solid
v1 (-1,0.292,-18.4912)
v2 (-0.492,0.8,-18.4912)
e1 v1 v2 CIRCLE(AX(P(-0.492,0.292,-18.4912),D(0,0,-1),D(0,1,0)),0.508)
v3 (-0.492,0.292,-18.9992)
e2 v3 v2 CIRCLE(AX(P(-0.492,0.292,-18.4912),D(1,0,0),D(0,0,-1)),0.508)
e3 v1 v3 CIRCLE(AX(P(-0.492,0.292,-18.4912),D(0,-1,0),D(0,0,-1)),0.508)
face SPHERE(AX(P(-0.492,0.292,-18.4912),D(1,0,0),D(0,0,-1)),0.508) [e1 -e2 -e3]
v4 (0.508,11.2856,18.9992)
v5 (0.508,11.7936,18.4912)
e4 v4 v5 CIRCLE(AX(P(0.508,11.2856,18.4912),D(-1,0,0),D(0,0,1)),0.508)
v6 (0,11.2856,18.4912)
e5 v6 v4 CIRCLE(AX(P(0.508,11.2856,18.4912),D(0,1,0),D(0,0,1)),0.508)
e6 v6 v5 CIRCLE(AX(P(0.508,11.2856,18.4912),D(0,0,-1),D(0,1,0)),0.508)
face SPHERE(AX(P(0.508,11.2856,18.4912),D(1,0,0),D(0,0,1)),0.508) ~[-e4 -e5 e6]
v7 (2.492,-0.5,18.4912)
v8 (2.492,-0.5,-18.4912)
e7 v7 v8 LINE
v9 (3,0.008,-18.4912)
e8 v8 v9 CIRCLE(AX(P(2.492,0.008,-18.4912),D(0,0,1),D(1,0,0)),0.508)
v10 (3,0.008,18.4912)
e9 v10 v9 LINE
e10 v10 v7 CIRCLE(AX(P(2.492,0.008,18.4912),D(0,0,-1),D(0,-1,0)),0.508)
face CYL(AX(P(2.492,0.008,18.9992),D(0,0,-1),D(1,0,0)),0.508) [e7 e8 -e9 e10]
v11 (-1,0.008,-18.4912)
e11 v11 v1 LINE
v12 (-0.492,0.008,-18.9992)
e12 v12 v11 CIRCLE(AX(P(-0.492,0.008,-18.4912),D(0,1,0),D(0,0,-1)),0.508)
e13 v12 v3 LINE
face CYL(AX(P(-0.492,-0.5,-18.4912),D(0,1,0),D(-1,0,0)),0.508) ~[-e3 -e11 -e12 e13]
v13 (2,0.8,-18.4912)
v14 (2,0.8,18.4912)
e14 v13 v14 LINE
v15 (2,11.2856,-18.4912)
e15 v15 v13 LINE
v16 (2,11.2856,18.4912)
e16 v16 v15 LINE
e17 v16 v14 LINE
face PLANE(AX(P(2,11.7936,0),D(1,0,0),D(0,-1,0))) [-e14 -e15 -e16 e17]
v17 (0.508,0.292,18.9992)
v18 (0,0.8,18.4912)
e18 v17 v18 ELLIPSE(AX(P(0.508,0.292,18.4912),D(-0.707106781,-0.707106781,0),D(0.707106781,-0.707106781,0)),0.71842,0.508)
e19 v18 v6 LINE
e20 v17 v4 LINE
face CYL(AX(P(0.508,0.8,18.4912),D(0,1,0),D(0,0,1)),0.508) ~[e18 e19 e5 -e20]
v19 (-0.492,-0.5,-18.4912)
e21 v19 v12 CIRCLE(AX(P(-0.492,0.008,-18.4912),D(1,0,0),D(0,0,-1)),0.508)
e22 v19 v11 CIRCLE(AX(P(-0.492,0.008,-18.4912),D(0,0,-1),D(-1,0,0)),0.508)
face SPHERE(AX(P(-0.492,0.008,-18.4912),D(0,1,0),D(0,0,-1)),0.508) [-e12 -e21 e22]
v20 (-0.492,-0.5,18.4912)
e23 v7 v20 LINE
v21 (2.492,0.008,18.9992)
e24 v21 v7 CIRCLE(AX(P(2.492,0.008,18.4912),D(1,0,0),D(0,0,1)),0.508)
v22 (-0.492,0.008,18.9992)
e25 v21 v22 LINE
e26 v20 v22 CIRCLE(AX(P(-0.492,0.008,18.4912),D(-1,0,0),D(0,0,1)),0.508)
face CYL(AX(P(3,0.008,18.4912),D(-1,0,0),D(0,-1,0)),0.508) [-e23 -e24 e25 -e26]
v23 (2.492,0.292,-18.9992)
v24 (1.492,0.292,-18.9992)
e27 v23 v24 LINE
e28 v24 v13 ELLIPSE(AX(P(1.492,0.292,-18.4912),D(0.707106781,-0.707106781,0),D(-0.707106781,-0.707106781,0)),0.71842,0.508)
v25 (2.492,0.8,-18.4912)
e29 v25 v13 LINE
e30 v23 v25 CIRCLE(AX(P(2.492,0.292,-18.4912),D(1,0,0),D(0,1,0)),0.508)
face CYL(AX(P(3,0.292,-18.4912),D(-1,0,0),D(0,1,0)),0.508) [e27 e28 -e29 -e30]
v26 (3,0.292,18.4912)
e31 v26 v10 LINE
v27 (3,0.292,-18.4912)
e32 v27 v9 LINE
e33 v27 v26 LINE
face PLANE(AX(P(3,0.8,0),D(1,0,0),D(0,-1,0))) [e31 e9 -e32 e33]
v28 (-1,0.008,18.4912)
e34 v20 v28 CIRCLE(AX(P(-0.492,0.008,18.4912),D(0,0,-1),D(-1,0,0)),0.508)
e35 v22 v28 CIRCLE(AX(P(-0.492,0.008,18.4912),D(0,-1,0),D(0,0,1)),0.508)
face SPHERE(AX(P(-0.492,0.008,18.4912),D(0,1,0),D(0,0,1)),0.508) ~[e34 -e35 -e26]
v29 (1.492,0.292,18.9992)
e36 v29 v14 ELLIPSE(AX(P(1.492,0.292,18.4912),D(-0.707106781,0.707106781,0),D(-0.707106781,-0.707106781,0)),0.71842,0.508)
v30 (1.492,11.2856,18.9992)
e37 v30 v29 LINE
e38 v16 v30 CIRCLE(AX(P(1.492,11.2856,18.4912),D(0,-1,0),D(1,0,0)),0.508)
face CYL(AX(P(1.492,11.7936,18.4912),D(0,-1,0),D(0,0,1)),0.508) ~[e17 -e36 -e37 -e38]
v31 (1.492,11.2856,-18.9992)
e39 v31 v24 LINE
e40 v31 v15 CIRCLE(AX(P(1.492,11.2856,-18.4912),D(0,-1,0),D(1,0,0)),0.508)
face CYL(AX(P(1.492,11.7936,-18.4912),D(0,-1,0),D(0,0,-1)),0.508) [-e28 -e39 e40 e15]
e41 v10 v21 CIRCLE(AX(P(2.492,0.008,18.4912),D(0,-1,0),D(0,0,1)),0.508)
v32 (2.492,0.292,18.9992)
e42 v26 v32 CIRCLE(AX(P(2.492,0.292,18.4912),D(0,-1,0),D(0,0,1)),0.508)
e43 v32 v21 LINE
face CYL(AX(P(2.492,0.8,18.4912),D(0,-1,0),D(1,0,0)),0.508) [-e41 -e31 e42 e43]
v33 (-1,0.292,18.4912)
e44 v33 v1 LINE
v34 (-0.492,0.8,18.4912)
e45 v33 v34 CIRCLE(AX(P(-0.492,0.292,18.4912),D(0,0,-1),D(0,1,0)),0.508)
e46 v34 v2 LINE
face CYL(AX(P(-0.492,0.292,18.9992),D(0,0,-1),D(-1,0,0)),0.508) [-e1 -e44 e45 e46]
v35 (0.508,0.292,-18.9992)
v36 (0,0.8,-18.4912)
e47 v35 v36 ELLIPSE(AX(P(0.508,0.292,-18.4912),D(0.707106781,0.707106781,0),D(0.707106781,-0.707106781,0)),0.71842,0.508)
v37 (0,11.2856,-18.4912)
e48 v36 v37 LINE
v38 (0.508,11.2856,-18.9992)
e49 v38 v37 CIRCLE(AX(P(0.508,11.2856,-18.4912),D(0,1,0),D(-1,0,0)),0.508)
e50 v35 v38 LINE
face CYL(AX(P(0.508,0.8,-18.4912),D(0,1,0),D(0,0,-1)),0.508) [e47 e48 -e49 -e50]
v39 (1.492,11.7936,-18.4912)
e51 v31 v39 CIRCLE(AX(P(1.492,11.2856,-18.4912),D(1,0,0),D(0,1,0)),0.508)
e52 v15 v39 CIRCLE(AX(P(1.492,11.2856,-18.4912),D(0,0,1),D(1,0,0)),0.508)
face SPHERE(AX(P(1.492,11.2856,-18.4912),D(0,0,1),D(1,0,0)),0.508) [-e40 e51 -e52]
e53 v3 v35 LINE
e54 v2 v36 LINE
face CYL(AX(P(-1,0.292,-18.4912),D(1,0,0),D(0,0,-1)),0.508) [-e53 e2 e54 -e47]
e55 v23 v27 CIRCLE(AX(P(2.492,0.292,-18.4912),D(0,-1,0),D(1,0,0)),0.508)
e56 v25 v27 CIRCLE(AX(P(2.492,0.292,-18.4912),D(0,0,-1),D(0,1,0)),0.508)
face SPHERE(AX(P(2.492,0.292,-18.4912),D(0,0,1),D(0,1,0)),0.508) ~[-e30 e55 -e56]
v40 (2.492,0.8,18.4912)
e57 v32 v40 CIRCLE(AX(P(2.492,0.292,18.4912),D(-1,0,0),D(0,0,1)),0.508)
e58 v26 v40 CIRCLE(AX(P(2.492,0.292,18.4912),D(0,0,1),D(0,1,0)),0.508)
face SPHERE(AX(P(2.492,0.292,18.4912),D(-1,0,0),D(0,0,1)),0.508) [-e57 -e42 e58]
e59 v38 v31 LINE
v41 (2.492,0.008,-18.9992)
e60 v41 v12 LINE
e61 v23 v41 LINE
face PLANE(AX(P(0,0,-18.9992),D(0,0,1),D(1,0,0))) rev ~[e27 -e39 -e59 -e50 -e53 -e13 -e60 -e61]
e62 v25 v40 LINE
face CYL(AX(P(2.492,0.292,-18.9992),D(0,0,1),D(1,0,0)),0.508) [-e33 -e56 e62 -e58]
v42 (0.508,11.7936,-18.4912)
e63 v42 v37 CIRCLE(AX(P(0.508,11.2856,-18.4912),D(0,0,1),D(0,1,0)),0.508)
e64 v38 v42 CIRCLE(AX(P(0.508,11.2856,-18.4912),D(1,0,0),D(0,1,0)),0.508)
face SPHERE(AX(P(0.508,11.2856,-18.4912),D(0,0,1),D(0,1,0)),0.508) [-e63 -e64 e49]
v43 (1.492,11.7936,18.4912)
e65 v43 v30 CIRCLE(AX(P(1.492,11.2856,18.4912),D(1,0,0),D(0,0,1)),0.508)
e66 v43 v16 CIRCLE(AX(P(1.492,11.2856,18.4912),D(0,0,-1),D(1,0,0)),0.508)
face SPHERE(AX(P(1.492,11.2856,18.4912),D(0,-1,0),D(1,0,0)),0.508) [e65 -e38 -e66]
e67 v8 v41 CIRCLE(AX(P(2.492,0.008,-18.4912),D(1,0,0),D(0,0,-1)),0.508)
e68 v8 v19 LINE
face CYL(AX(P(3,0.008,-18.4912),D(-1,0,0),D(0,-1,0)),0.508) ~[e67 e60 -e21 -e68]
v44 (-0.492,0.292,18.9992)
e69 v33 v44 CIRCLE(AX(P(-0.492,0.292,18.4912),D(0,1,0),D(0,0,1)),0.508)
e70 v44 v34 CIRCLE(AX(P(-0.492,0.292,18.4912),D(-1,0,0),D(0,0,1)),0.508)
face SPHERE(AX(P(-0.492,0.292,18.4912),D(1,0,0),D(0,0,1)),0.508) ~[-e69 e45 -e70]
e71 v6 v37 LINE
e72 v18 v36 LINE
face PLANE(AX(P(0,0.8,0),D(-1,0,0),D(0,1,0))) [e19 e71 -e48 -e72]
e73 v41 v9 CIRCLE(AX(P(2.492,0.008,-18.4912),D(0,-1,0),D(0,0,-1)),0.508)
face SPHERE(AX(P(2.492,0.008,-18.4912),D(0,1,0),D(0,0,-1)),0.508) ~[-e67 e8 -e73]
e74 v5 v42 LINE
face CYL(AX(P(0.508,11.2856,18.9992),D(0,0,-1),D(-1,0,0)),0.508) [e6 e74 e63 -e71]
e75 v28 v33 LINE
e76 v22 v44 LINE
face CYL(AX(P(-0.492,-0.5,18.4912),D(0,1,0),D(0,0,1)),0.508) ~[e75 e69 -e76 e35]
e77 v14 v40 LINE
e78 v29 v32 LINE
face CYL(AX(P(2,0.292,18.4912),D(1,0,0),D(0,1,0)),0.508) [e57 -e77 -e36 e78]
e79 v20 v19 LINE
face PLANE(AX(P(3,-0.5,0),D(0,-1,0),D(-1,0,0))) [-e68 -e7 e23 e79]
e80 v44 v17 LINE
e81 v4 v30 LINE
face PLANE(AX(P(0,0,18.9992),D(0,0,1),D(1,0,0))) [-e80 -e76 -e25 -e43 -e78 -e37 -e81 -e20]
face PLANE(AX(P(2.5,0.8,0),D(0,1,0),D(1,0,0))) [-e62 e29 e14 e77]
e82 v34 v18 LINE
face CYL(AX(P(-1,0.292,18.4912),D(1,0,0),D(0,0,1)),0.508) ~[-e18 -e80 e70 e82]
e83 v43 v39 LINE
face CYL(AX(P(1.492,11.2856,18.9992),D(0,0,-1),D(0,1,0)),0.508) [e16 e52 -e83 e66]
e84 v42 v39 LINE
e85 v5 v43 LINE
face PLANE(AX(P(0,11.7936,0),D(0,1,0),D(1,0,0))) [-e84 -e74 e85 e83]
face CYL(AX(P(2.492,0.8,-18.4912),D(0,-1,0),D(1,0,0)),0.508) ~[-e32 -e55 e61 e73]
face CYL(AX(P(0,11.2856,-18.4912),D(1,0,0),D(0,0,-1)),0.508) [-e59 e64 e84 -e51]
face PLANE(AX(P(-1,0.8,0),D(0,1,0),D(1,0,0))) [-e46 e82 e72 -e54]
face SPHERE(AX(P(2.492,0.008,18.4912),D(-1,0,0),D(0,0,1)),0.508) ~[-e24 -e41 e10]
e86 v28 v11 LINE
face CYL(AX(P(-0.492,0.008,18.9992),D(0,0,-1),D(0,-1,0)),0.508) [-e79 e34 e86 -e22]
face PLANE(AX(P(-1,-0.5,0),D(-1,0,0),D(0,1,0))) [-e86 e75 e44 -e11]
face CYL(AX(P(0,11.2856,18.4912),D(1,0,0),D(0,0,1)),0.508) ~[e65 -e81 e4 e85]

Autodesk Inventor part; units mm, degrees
ref_plane "YZ Plane" through (0, 0, 0) normal (1, 0, 0) x (0, 1, 0)
ref_plane "XZ Plane" through (0, 0, 0) normal (0, 1, 0) x (-1, 0, 0)
ref_plane "XY Plane" through (0, 0, 0) normal (0, 0, 1) x (1, 0, 0)
sketch "Sketch1" plane through (0, 0, 0) normal (0, 0, 1) x (1, 0, 0)
  line L0 (3, 0.8) -> (3, -0.5)
  line L1 (3, -0.5) -> (-1, -0.5)
  line L2 (-1, -0.5) -> (-1, 0.8)
  line L3 (0, 0.8) -> (0, 11.7936)
  line L4 (0, 11.7936) -> (2, 11.7936)
  line L5 (2, 11.7936) -> (2, 0.8)
  line L6 (-1, 0.8) -> (0, 0.8)
  line L7 (2, 0.8) -> (3, 0.8)
  line L8 (-1, 0.8) -> (0, 0.8)
  line L9 (2, 0.8) -> (2.5, 0.8)
  point P0 (0, 0)
  point P1 (1, -0.5)
  point P2 (1, -0.5)
  dimension "d0" = 12.2936
  dimension "d1" = 4
  dimension "d2" = 1.3
  dimension "d3" = 1
  dimension "d4" = 1
extrude "Extrusion1" add sketch "Sketch1" along normal mid plane 37.9984
fillet "Fillet1" radius 0.508 22 edges at (2, 6.2968, 18.9992) (2, 11.7936, 0) (2, 6.2968, -18.9992) (2.5, 0.8, 18.9992) (-0.5, 0.8, 18.9992) (-1, 0.15, 18.9992) (1, -0.5, 18.9992) (3, 0.15, 18.9992) (3, 0.8, 0) (1, 11.7936, 18.9992) (0, 6.2968, 18.9992) (0, 11.7936, 0) (2.5, 0.8, -18.9992) (3, 0.15, -18.9992) (-0.5, 0.8, -18.9992) (-1, 0.15, -18.9992) (1, -0.5, -18.9992) (-1, 0.8, 0) (-1, -0.5, 0) (1, 11.7936, -18.9992) (3, -0.5, 0) (0, 6.2968, -18.9992)
equation "\"d4\" = d3"
properties part number "Short Conveyor Belt Inserts" material "Acetal Resin, White"
